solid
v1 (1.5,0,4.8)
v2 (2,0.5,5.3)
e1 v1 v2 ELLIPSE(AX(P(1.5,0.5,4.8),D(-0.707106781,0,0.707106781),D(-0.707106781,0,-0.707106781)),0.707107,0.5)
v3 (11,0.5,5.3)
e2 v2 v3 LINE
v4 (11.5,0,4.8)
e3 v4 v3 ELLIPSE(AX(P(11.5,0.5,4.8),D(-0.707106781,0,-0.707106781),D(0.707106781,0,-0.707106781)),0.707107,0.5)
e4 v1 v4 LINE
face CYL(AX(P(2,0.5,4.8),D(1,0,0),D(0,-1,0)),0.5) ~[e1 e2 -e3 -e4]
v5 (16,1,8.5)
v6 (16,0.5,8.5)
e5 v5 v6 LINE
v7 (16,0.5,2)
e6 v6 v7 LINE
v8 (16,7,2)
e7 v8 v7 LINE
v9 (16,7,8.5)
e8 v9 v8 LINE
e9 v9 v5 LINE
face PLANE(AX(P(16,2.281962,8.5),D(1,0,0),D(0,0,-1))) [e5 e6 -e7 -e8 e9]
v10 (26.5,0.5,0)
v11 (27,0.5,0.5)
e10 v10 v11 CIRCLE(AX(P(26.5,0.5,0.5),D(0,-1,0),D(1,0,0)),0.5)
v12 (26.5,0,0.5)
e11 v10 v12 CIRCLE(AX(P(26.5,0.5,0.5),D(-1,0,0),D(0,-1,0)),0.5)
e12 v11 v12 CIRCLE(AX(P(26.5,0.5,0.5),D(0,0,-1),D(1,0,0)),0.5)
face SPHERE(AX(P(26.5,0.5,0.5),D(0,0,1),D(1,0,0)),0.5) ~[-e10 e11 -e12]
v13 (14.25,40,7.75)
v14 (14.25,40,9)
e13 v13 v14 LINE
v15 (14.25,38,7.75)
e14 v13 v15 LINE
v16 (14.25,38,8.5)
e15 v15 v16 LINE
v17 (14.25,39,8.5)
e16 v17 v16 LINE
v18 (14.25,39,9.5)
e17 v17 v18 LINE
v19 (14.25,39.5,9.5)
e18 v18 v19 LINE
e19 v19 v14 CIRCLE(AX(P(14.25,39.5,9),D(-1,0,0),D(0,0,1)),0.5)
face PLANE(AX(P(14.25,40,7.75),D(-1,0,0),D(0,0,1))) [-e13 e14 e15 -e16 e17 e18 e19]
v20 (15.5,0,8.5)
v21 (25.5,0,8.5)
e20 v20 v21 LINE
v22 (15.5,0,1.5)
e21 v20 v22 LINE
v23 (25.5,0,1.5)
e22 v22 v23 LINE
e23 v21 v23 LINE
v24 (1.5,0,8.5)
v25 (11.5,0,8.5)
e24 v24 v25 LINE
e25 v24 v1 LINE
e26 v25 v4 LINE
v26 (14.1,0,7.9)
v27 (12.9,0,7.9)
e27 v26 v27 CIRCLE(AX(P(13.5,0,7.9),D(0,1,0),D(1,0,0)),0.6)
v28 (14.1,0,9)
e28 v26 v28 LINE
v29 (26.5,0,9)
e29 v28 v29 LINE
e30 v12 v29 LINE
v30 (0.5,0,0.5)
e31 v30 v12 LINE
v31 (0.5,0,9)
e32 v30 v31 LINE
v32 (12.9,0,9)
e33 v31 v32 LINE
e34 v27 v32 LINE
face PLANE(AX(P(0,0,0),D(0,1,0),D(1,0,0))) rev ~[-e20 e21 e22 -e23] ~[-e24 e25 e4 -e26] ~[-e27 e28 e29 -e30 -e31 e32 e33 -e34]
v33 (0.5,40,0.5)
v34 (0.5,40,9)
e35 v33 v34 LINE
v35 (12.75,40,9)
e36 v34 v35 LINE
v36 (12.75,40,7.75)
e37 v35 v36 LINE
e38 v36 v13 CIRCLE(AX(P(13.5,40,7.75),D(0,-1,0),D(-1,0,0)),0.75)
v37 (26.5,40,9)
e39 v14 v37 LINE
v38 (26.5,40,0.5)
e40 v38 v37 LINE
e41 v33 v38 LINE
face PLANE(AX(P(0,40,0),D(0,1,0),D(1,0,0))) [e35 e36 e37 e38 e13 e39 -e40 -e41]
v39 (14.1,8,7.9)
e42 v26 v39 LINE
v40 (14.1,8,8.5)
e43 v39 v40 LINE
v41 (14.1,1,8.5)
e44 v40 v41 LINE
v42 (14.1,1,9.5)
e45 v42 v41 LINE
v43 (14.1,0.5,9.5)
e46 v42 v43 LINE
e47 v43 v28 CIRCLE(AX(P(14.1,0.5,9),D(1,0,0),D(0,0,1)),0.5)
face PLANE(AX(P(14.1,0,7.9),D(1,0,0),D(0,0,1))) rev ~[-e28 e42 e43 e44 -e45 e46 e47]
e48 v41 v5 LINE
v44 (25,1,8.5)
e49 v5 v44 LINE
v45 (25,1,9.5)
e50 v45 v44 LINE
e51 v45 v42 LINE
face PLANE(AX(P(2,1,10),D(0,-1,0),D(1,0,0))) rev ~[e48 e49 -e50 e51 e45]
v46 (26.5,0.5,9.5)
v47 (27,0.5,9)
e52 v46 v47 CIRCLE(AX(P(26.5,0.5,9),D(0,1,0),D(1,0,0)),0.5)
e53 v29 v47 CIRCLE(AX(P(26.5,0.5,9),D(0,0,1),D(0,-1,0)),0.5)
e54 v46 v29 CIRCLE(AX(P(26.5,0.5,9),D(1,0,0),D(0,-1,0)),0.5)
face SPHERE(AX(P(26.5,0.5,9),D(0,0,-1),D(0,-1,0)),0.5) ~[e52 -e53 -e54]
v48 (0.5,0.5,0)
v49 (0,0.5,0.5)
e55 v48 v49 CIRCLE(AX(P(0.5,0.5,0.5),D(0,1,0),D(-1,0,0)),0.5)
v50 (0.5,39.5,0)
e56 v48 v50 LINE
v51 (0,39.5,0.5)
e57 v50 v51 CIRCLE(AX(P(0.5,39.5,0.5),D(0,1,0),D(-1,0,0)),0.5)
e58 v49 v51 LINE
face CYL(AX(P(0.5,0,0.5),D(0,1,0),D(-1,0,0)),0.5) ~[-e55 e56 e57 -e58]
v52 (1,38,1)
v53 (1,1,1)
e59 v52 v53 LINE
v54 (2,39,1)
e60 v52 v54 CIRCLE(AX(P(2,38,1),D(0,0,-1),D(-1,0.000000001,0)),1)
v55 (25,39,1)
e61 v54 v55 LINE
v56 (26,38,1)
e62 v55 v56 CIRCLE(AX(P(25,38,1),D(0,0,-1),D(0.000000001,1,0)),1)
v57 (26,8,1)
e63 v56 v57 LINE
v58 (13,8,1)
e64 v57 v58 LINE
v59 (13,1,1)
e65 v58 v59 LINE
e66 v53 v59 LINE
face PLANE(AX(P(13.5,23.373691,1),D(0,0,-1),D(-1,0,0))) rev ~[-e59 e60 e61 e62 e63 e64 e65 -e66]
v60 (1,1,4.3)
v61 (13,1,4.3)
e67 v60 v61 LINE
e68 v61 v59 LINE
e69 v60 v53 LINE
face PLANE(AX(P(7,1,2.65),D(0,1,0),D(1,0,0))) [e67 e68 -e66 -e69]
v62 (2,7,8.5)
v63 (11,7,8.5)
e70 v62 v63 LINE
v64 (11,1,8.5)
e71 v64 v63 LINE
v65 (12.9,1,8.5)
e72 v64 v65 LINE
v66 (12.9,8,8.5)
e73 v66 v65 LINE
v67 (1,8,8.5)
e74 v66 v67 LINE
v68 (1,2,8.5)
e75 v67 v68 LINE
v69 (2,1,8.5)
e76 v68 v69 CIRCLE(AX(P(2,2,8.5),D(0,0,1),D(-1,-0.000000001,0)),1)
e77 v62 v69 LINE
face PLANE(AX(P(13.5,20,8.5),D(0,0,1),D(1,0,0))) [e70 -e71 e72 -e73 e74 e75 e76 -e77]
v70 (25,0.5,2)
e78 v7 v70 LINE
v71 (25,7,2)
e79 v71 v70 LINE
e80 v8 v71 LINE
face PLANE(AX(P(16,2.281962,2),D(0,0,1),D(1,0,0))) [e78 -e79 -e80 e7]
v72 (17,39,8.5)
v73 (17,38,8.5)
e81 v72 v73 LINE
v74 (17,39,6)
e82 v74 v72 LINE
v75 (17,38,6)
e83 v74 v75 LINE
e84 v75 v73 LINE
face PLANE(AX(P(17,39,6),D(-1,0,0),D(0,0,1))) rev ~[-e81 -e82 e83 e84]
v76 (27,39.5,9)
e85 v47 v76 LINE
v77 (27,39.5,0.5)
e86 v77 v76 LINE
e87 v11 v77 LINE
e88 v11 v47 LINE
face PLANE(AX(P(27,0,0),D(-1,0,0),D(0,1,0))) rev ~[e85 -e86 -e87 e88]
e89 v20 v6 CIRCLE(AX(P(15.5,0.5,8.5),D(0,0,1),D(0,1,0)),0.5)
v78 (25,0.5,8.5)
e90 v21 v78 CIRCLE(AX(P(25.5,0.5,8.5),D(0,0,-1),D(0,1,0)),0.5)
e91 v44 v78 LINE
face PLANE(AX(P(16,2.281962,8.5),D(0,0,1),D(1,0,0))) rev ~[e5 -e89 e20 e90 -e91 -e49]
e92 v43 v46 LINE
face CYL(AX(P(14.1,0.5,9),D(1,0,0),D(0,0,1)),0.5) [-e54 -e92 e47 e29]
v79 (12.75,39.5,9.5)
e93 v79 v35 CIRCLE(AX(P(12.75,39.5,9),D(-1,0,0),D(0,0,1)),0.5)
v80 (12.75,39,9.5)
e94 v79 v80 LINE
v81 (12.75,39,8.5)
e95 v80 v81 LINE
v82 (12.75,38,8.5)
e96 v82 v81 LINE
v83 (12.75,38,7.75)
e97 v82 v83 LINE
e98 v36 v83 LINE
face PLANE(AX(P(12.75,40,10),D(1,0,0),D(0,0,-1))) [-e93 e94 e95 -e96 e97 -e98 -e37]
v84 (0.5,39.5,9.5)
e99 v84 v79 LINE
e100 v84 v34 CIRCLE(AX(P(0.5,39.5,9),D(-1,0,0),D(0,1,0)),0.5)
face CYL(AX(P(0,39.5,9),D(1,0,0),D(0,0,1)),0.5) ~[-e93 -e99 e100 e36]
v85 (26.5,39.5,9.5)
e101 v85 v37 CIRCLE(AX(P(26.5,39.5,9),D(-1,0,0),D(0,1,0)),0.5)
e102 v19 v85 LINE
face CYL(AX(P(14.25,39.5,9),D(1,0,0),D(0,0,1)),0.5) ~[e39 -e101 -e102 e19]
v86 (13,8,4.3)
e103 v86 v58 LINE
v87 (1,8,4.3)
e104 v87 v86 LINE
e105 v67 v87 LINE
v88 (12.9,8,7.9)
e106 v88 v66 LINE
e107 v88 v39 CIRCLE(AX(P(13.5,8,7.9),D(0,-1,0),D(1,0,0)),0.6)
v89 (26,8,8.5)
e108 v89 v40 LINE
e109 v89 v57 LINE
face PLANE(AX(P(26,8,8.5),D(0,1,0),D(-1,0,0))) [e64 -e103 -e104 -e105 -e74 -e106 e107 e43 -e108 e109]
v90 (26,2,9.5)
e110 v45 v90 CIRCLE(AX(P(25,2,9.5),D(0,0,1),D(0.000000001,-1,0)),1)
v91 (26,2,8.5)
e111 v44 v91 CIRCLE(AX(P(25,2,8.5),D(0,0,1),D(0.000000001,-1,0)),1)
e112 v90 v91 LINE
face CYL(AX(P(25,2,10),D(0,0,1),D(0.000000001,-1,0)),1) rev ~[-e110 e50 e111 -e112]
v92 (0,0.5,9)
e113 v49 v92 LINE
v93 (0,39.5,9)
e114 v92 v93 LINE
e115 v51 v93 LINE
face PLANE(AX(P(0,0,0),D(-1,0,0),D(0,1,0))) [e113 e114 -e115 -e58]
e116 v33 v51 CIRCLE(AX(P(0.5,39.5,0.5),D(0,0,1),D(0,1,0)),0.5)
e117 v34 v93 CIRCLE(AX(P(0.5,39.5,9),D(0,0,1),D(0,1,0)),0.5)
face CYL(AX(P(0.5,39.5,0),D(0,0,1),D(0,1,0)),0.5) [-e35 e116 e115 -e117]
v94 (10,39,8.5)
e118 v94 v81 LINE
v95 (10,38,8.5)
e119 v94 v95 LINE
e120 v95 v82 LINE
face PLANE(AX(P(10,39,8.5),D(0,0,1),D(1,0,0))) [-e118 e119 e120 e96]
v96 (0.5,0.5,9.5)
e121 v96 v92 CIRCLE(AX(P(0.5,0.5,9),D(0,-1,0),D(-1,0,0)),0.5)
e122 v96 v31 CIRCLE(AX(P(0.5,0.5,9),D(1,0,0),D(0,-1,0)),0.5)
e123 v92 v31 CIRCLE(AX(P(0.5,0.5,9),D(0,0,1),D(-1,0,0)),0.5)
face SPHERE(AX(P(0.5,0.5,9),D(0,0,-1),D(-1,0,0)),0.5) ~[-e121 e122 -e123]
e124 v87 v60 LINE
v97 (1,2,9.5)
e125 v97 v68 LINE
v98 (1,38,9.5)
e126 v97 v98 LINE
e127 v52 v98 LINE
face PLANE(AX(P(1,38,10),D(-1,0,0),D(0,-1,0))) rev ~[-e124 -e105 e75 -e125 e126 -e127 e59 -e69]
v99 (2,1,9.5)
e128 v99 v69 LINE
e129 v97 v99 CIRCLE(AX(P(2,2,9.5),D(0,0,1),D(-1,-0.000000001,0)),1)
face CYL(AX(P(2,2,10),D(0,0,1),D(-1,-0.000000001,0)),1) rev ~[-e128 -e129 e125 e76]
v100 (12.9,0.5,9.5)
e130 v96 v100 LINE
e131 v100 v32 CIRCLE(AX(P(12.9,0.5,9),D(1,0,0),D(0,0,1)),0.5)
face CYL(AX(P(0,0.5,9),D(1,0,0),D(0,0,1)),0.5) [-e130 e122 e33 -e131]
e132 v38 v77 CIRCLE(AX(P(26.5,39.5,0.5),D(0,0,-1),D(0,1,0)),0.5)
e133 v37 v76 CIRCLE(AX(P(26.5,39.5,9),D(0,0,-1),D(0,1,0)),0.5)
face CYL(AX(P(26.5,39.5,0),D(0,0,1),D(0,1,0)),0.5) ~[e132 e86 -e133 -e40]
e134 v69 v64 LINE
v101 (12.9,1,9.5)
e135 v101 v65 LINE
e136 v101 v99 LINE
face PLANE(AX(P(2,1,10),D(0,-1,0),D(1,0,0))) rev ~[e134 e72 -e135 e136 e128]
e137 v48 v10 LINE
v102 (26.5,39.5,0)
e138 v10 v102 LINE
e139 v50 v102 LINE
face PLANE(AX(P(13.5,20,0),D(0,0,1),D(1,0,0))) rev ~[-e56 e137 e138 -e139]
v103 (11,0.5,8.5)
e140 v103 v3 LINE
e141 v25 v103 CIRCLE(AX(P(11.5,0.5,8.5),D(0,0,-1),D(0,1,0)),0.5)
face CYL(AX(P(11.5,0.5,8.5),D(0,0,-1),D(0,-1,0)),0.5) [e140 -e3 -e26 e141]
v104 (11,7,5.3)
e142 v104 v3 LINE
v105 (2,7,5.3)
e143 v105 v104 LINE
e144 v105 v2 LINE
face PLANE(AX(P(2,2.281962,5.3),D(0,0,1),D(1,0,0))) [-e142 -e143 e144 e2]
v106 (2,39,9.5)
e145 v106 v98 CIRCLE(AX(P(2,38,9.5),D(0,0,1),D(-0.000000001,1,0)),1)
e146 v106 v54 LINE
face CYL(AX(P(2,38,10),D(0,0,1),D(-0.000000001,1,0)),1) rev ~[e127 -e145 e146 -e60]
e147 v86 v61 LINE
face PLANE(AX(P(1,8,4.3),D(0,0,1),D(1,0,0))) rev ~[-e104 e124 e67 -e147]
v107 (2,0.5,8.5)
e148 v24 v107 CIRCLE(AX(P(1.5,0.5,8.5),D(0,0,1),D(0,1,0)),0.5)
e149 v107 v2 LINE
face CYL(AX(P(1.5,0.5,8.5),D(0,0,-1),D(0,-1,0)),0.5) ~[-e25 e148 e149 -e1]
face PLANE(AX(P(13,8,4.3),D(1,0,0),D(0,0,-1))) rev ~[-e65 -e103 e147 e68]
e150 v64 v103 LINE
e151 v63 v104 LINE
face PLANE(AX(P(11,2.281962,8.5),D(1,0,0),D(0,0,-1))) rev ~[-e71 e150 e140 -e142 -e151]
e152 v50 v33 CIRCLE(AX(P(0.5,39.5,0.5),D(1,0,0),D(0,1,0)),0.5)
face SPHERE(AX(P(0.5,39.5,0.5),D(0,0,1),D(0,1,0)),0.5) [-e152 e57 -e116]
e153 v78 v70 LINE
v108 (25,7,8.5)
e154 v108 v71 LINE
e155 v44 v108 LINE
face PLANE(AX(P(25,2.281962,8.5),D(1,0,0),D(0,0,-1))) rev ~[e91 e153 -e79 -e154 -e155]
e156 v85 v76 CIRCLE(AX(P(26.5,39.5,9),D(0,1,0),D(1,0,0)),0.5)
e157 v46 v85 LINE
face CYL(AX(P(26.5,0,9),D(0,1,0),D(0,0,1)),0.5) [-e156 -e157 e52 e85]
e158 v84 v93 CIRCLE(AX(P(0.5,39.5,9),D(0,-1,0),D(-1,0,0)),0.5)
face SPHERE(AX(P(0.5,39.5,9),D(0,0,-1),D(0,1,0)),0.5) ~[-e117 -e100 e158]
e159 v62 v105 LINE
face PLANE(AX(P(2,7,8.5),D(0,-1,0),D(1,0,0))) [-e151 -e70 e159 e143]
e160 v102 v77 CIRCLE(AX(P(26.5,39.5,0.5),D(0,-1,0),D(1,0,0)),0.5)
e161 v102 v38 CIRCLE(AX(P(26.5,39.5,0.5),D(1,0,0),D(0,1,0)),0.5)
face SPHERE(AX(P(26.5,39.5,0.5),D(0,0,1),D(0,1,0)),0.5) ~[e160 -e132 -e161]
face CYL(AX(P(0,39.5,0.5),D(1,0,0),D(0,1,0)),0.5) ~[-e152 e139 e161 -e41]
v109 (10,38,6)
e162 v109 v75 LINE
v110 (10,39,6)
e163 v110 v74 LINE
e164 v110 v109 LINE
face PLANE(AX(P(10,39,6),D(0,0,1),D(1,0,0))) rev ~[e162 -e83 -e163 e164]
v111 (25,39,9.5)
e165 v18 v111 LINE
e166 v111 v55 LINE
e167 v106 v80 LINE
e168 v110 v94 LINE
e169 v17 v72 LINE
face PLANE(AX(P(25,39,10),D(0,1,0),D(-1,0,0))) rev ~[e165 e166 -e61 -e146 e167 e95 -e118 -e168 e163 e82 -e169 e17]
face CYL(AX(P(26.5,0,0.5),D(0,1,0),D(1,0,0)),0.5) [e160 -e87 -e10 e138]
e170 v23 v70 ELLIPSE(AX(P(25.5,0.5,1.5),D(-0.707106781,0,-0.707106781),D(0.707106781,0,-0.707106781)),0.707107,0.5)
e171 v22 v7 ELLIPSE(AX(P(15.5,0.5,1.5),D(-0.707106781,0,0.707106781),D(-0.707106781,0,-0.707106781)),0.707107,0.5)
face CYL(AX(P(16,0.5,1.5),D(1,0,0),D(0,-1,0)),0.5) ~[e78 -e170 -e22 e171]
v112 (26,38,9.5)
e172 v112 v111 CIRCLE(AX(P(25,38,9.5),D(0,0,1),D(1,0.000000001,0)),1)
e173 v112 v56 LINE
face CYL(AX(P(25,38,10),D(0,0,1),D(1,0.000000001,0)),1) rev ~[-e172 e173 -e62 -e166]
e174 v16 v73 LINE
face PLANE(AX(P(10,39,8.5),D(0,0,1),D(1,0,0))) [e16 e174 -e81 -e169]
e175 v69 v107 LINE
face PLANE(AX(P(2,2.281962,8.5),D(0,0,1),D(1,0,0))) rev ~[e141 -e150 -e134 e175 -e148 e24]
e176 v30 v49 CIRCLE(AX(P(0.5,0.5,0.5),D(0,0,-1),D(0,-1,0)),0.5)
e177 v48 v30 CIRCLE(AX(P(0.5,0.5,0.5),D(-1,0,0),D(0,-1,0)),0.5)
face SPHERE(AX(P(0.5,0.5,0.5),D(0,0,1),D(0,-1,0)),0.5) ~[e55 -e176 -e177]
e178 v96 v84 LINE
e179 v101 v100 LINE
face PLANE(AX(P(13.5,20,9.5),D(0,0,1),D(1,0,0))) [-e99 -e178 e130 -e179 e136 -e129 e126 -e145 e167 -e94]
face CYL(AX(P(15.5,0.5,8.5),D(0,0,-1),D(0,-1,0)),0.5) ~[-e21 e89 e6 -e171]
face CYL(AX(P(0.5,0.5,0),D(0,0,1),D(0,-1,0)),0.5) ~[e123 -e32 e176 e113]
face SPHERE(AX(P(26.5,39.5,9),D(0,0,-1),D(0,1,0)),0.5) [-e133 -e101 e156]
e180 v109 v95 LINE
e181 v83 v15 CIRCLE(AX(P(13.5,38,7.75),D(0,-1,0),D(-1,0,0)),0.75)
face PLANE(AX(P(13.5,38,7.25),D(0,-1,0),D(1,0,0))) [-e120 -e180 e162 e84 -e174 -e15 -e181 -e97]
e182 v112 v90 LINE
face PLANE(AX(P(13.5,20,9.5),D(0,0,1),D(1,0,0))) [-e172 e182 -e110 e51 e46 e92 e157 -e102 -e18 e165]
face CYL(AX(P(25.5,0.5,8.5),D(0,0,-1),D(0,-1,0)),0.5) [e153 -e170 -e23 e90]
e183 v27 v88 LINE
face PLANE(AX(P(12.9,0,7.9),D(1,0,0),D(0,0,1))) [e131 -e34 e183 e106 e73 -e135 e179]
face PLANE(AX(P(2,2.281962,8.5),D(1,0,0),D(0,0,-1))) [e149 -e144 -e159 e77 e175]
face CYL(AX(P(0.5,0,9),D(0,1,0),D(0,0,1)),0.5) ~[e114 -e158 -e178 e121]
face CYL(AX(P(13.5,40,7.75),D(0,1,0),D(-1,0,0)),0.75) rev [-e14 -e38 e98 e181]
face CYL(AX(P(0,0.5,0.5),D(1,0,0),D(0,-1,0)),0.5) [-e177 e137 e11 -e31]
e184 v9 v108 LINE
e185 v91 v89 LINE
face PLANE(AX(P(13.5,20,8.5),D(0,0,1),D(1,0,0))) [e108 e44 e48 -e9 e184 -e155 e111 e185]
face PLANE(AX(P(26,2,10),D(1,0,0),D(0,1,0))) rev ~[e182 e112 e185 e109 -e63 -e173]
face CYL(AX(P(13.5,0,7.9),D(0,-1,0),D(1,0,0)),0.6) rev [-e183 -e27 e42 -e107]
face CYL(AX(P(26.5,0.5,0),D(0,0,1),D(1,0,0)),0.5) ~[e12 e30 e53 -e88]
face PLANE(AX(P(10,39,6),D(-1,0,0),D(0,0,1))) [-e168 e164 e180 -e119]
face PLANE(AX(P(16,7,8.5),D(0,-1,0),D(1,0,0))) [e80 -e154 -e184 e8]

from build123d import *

# Parameters (mm, degrees)
SKETCH_2_W           = 27
SKETCH_2_H           = 40
EXTRUDE_1_DEPTH      = 10
CUT_EXTRUDE_1_DEPTH  = 1.5
CUT_EXTRUDE_2_DEPTH  = 7.5
SKETCH_9_W           = 9
SKETCH_9_H           = 4.718038217
CUT_EXTRUDE_8_DEPTH  = 6.5
SKETCH_9_3_W         = 9
SKETCH_9_3_H         = 4.718038217
CUT_EXTRUDE_9_DEPTH  = 3.2
SKETCH_13_W          = 9
SKETCH_13_H          = 3.2
SKETCH_13_H_2        = 6.5
CUT_EXTRUDE_11_DEPTH = 3.281961783
CUT_EXTRUDE_12_REACH = 42
SKETCH_14_W          = 1.2
SKETCH_14_H          = 2.1
SKETCH_16_2_W        = 7
SKETCH_16_2_H        = 2.5
EXTRUDE_3_DEPTH      = 1
SKETCH_16_W          = 7
SKETCH_16_H          = 2.5
EXTRUDE_2_DEPTH      = 1
CUT_EXTRUDE_14_DEPTH = 2
SKETCH_18_W          = 12
SKETCH_18_H          = 3.3
CUT_EXTRUDE_15_DEPTH = 7
SKETCH_19_W          = 27
SKETCH_19_H          = 40
CUT_EXTRUDE_16_DEPTH = 0.5
FILLET_1_R           = 0.5
FILLET_2_R           = 0.5


with BuildPart() as part:
    # Sketch 2 → Extrude 1 (new body)
    with BuildSketch(Plane.XY):
        with Locations((13.5, 20)):
            Rectangle(SKETCH_2_W, SKETCH_2_H)
    extrude(amount=EXTRUDE_1_DEPTH)

    # Sketch 3 → Cut-Extrude 1 (cut)
    with BuildSketch(Plane.XY.offset(10)):
        with BuildLine():
            Line((1, 38), (1, 2))
            ThreePointArc((1, 2), (1.292893219, 1.292893219), (2, 1))
            Line((2, 1), (25, 1))
            ThreePointArc((25, 1), (25.707106781, 1.292893219), (26, 2))
            Line((26, 2), (26, 38))
            ThreePointArc((26, 38), (25.707106781, 38.707106781), (25, 39))
            Line((25, 39), (2, 39))
            ThreePointArc((2, 39), (1.292893219, 38.707106781), (1, 38))
        make_face()
    extrude(amount=-CUT_EXTRUDE_1_DEPTH, mode=Mode.SUBTRACT)

    # Sketch 5 → Cut-Extrude 2 (cut)
    with BuildSketch(Plane.XY.offset(8.5)):
        with BuildLine():
            Line((2, 39), (25, 39))
            ThreePointArc((25, 39), (25.707106781, 38.707106781), (26, 38))
            Line((26, 38), (26, 8))
            Line((26, 8), (1, 8))
            Line((1, 8), (1, 38))
            ThreePointArc((1, 38), (1.292893219, 38.707106781), (2, 39))
        make_face()
    extrude(amount=-CUT_EXTRUDE_2_DEPTH, mode=Mode.SUBTRACT)

    # Sketch 9 → Cut-Extrude 8 (cut)
    with BuildSketch(Plane.XY.offset(8.5)):
        with Locations((20.5, 4.640980891)):
            Rectangle(SKETCH_9_W, SKETCH_9_H)
    extrude(amount=-CUT_EXTRUDE_8_DEPTH, mode=Mode.SUBTRACT)

    # Sketch 9_3 → Cut-Extrude 9 (cut)
    with BuildSketch(Plane.XY.offset(8.5)):
        with Locations((6.5, 4.640980891)):
            Rectangle(SKETCH_9_3_W, SKETCH_9_3_H)
    extrude(amount=-CUT_EXTRUDE_9_DEPTH, mode=Mode.SUBTRACT)

    # Sketch 13 → Cut-Extrude 11 (cut, through all)
    with BuildSketch(Plane(origin=(0, 2.281961783, 0), x_dir=(1, 0, 0), z_dir=(0, 1, 0))):
        with Locations((6.5, -6.9)):
            Rectangle(SKETCH_13_W, SKETCH_13_H)
        with Locations((20.5, -5.25)):
            Rectangle(SKETCH_13_W, SKETCH_13_H_2)
    extrude(amount=-CUT_EXTRUDE_11_DEPTH, mode=Mode.SUBTRACT)

    # Sketch 14 → Cut-Extrude 12 (cut, up to next)
    with BuildSketch(Plane.XZ, mode=Mode.PRIVATE) as cut_extrude_12_sk1:
        with BuildLine():
            Line((12.9, 7.9), (14.1, 7.9))
            ThreePointArc((14.1, 7.9), (13.5, 7.3), (12.9, 7.9))
        make_face()
    cut_extrude_12_tool1 = extrude(cut_extrude_12_sk1.sketch, amount=-CUT_EXTRUDE_12_REACH, mode=Mode.PRIVATE) & part.part
    add(cut_extrude_12_tool1.solids().sort_by_distance((13.5, 0, 7.645352))[0], mode=Mode.SUBTRACT)
    # Sketch 14 → Cut-Extrude 12 (cut, up to next)
    with BuildSketch(Plane.XZ, mode=Mode.PRIVATE) as cut_extrude_12_sk2:
        with Locations((13.5, 8.95)):
            Rectangle(SKETCH_14_W, SKETCH_14_H)
    cut_extrude_12_tool2 = extrude(cut_extrude_12_sk2.sketch, amount=-CUT_EXTRUDE_12_REACH, mode=Mode.PRIVATE) & part.part
    add(cut_extrude_12_tool2.solids().sort_by_distance((13.5, 0, 8.95))[0], mode=Mode.SUBTRACT)

    # Sketch 16_2 → Extrude 3 (add)
    with BuildSketch(Plane.XZ.offset(-39)):
        with Locations((13.5, 7.25)):
            Rectangle(SKETCH_16_2_W, SKETCH_16_2_H)
    extrude(amount=EXTRUDE_3_DEPTH)

    # Sketch 16 → Extrude 2 (add)
    with BuildSketch(Plane.XZ.offset(-39)):
        with Locations((13.5, 7.25)):
            Rectangle(SKETCH_16_W, SKETCH_16_H)
    extrude(amount=EXTRUDE_2_DEPTH)

    # Sketch 17 → Cut-Extrude 14 (cut)
    with BuildSketch(Plane(origin=(0, 40, 0), x_dir=(1, 0, 0), z_dir=(0, 1, 0))):
        with BuildLine():
            Line((14.25, -7.75), (14.25, -10))
            Line((14.25, -10), (12.75, -10))
            Line((12.75, -10), (12.75, -7.75))
            ThreePointArc((12.75, -7.75), (13.5, -7), (14.25, -7.75))
        make_face()
    extrude(amount=-CUT_EXTRUDE_14_DEPTH, mode=Mode.SUBTRACT)

    # Sketch 18 → Cut-Extrude 15 (cut)
    with BuildSketch(Plane(origin=(0, 8, 0), x_dir=(1, 0, 0), z_dir=(0, 1, 0))):
        with Locations((7, -2.65)):
            Rectangle(SKETCH_18_W, SKETCH_18_H)
    extrude(amount=-CUT_EXTRUDE_15_DEPTH, mode=Mode.SUBTRACT)

    # Sketch 19 → Cut-Extrude 16 (cut)
    with BuildSketch(Plane.XY.offset(10)):
        with Locations((13.5, 20)):
            Rectangle(SKETCH_19_W, SKETCH_19_H)
    extrude(amount=-CUT_EXTRUDE_16_DEPTH, mode=Mode.SUBTRACT)

    # Fillet 1
    fillet_1_edges = [part.edges().sort_by_distance(p)[0] for p in [
        (27, 40, 4.75),
        (0, 40, 4.75),
        (27, 0, 4.75),
        (0, 0, 4.75),
        (20.55, 0, 9.5),
        (20.625, 40, 9.5),
        (6.375, 40, 9.5),
        (0, 20, 9.5),
        (27, 20, 9.5),
        (6.45, 0, 9.5),
        (13.5, 40, 0),
        (27, 20, 0),
        (13.5, 0, 0),
        (0, 20, 0),
    ]]
    fillet(fillet_1_edges, radius=FILLET_1_R)

    # Fillet 2
    fillet_2_edges = [part.edges().sort_by_distance(p)[0] for p in [
        (11, 0, 6.9),
        (2, 0, 6.9),
        (6.5, 0, 5.3),
        (25, 0, 5.25),
        (16, 0, 5.25),
        (20.5, 0, 2),
    ]]
    fillet(fillet_2_edges, radius=FILLET_2_R)


solid = part.part
